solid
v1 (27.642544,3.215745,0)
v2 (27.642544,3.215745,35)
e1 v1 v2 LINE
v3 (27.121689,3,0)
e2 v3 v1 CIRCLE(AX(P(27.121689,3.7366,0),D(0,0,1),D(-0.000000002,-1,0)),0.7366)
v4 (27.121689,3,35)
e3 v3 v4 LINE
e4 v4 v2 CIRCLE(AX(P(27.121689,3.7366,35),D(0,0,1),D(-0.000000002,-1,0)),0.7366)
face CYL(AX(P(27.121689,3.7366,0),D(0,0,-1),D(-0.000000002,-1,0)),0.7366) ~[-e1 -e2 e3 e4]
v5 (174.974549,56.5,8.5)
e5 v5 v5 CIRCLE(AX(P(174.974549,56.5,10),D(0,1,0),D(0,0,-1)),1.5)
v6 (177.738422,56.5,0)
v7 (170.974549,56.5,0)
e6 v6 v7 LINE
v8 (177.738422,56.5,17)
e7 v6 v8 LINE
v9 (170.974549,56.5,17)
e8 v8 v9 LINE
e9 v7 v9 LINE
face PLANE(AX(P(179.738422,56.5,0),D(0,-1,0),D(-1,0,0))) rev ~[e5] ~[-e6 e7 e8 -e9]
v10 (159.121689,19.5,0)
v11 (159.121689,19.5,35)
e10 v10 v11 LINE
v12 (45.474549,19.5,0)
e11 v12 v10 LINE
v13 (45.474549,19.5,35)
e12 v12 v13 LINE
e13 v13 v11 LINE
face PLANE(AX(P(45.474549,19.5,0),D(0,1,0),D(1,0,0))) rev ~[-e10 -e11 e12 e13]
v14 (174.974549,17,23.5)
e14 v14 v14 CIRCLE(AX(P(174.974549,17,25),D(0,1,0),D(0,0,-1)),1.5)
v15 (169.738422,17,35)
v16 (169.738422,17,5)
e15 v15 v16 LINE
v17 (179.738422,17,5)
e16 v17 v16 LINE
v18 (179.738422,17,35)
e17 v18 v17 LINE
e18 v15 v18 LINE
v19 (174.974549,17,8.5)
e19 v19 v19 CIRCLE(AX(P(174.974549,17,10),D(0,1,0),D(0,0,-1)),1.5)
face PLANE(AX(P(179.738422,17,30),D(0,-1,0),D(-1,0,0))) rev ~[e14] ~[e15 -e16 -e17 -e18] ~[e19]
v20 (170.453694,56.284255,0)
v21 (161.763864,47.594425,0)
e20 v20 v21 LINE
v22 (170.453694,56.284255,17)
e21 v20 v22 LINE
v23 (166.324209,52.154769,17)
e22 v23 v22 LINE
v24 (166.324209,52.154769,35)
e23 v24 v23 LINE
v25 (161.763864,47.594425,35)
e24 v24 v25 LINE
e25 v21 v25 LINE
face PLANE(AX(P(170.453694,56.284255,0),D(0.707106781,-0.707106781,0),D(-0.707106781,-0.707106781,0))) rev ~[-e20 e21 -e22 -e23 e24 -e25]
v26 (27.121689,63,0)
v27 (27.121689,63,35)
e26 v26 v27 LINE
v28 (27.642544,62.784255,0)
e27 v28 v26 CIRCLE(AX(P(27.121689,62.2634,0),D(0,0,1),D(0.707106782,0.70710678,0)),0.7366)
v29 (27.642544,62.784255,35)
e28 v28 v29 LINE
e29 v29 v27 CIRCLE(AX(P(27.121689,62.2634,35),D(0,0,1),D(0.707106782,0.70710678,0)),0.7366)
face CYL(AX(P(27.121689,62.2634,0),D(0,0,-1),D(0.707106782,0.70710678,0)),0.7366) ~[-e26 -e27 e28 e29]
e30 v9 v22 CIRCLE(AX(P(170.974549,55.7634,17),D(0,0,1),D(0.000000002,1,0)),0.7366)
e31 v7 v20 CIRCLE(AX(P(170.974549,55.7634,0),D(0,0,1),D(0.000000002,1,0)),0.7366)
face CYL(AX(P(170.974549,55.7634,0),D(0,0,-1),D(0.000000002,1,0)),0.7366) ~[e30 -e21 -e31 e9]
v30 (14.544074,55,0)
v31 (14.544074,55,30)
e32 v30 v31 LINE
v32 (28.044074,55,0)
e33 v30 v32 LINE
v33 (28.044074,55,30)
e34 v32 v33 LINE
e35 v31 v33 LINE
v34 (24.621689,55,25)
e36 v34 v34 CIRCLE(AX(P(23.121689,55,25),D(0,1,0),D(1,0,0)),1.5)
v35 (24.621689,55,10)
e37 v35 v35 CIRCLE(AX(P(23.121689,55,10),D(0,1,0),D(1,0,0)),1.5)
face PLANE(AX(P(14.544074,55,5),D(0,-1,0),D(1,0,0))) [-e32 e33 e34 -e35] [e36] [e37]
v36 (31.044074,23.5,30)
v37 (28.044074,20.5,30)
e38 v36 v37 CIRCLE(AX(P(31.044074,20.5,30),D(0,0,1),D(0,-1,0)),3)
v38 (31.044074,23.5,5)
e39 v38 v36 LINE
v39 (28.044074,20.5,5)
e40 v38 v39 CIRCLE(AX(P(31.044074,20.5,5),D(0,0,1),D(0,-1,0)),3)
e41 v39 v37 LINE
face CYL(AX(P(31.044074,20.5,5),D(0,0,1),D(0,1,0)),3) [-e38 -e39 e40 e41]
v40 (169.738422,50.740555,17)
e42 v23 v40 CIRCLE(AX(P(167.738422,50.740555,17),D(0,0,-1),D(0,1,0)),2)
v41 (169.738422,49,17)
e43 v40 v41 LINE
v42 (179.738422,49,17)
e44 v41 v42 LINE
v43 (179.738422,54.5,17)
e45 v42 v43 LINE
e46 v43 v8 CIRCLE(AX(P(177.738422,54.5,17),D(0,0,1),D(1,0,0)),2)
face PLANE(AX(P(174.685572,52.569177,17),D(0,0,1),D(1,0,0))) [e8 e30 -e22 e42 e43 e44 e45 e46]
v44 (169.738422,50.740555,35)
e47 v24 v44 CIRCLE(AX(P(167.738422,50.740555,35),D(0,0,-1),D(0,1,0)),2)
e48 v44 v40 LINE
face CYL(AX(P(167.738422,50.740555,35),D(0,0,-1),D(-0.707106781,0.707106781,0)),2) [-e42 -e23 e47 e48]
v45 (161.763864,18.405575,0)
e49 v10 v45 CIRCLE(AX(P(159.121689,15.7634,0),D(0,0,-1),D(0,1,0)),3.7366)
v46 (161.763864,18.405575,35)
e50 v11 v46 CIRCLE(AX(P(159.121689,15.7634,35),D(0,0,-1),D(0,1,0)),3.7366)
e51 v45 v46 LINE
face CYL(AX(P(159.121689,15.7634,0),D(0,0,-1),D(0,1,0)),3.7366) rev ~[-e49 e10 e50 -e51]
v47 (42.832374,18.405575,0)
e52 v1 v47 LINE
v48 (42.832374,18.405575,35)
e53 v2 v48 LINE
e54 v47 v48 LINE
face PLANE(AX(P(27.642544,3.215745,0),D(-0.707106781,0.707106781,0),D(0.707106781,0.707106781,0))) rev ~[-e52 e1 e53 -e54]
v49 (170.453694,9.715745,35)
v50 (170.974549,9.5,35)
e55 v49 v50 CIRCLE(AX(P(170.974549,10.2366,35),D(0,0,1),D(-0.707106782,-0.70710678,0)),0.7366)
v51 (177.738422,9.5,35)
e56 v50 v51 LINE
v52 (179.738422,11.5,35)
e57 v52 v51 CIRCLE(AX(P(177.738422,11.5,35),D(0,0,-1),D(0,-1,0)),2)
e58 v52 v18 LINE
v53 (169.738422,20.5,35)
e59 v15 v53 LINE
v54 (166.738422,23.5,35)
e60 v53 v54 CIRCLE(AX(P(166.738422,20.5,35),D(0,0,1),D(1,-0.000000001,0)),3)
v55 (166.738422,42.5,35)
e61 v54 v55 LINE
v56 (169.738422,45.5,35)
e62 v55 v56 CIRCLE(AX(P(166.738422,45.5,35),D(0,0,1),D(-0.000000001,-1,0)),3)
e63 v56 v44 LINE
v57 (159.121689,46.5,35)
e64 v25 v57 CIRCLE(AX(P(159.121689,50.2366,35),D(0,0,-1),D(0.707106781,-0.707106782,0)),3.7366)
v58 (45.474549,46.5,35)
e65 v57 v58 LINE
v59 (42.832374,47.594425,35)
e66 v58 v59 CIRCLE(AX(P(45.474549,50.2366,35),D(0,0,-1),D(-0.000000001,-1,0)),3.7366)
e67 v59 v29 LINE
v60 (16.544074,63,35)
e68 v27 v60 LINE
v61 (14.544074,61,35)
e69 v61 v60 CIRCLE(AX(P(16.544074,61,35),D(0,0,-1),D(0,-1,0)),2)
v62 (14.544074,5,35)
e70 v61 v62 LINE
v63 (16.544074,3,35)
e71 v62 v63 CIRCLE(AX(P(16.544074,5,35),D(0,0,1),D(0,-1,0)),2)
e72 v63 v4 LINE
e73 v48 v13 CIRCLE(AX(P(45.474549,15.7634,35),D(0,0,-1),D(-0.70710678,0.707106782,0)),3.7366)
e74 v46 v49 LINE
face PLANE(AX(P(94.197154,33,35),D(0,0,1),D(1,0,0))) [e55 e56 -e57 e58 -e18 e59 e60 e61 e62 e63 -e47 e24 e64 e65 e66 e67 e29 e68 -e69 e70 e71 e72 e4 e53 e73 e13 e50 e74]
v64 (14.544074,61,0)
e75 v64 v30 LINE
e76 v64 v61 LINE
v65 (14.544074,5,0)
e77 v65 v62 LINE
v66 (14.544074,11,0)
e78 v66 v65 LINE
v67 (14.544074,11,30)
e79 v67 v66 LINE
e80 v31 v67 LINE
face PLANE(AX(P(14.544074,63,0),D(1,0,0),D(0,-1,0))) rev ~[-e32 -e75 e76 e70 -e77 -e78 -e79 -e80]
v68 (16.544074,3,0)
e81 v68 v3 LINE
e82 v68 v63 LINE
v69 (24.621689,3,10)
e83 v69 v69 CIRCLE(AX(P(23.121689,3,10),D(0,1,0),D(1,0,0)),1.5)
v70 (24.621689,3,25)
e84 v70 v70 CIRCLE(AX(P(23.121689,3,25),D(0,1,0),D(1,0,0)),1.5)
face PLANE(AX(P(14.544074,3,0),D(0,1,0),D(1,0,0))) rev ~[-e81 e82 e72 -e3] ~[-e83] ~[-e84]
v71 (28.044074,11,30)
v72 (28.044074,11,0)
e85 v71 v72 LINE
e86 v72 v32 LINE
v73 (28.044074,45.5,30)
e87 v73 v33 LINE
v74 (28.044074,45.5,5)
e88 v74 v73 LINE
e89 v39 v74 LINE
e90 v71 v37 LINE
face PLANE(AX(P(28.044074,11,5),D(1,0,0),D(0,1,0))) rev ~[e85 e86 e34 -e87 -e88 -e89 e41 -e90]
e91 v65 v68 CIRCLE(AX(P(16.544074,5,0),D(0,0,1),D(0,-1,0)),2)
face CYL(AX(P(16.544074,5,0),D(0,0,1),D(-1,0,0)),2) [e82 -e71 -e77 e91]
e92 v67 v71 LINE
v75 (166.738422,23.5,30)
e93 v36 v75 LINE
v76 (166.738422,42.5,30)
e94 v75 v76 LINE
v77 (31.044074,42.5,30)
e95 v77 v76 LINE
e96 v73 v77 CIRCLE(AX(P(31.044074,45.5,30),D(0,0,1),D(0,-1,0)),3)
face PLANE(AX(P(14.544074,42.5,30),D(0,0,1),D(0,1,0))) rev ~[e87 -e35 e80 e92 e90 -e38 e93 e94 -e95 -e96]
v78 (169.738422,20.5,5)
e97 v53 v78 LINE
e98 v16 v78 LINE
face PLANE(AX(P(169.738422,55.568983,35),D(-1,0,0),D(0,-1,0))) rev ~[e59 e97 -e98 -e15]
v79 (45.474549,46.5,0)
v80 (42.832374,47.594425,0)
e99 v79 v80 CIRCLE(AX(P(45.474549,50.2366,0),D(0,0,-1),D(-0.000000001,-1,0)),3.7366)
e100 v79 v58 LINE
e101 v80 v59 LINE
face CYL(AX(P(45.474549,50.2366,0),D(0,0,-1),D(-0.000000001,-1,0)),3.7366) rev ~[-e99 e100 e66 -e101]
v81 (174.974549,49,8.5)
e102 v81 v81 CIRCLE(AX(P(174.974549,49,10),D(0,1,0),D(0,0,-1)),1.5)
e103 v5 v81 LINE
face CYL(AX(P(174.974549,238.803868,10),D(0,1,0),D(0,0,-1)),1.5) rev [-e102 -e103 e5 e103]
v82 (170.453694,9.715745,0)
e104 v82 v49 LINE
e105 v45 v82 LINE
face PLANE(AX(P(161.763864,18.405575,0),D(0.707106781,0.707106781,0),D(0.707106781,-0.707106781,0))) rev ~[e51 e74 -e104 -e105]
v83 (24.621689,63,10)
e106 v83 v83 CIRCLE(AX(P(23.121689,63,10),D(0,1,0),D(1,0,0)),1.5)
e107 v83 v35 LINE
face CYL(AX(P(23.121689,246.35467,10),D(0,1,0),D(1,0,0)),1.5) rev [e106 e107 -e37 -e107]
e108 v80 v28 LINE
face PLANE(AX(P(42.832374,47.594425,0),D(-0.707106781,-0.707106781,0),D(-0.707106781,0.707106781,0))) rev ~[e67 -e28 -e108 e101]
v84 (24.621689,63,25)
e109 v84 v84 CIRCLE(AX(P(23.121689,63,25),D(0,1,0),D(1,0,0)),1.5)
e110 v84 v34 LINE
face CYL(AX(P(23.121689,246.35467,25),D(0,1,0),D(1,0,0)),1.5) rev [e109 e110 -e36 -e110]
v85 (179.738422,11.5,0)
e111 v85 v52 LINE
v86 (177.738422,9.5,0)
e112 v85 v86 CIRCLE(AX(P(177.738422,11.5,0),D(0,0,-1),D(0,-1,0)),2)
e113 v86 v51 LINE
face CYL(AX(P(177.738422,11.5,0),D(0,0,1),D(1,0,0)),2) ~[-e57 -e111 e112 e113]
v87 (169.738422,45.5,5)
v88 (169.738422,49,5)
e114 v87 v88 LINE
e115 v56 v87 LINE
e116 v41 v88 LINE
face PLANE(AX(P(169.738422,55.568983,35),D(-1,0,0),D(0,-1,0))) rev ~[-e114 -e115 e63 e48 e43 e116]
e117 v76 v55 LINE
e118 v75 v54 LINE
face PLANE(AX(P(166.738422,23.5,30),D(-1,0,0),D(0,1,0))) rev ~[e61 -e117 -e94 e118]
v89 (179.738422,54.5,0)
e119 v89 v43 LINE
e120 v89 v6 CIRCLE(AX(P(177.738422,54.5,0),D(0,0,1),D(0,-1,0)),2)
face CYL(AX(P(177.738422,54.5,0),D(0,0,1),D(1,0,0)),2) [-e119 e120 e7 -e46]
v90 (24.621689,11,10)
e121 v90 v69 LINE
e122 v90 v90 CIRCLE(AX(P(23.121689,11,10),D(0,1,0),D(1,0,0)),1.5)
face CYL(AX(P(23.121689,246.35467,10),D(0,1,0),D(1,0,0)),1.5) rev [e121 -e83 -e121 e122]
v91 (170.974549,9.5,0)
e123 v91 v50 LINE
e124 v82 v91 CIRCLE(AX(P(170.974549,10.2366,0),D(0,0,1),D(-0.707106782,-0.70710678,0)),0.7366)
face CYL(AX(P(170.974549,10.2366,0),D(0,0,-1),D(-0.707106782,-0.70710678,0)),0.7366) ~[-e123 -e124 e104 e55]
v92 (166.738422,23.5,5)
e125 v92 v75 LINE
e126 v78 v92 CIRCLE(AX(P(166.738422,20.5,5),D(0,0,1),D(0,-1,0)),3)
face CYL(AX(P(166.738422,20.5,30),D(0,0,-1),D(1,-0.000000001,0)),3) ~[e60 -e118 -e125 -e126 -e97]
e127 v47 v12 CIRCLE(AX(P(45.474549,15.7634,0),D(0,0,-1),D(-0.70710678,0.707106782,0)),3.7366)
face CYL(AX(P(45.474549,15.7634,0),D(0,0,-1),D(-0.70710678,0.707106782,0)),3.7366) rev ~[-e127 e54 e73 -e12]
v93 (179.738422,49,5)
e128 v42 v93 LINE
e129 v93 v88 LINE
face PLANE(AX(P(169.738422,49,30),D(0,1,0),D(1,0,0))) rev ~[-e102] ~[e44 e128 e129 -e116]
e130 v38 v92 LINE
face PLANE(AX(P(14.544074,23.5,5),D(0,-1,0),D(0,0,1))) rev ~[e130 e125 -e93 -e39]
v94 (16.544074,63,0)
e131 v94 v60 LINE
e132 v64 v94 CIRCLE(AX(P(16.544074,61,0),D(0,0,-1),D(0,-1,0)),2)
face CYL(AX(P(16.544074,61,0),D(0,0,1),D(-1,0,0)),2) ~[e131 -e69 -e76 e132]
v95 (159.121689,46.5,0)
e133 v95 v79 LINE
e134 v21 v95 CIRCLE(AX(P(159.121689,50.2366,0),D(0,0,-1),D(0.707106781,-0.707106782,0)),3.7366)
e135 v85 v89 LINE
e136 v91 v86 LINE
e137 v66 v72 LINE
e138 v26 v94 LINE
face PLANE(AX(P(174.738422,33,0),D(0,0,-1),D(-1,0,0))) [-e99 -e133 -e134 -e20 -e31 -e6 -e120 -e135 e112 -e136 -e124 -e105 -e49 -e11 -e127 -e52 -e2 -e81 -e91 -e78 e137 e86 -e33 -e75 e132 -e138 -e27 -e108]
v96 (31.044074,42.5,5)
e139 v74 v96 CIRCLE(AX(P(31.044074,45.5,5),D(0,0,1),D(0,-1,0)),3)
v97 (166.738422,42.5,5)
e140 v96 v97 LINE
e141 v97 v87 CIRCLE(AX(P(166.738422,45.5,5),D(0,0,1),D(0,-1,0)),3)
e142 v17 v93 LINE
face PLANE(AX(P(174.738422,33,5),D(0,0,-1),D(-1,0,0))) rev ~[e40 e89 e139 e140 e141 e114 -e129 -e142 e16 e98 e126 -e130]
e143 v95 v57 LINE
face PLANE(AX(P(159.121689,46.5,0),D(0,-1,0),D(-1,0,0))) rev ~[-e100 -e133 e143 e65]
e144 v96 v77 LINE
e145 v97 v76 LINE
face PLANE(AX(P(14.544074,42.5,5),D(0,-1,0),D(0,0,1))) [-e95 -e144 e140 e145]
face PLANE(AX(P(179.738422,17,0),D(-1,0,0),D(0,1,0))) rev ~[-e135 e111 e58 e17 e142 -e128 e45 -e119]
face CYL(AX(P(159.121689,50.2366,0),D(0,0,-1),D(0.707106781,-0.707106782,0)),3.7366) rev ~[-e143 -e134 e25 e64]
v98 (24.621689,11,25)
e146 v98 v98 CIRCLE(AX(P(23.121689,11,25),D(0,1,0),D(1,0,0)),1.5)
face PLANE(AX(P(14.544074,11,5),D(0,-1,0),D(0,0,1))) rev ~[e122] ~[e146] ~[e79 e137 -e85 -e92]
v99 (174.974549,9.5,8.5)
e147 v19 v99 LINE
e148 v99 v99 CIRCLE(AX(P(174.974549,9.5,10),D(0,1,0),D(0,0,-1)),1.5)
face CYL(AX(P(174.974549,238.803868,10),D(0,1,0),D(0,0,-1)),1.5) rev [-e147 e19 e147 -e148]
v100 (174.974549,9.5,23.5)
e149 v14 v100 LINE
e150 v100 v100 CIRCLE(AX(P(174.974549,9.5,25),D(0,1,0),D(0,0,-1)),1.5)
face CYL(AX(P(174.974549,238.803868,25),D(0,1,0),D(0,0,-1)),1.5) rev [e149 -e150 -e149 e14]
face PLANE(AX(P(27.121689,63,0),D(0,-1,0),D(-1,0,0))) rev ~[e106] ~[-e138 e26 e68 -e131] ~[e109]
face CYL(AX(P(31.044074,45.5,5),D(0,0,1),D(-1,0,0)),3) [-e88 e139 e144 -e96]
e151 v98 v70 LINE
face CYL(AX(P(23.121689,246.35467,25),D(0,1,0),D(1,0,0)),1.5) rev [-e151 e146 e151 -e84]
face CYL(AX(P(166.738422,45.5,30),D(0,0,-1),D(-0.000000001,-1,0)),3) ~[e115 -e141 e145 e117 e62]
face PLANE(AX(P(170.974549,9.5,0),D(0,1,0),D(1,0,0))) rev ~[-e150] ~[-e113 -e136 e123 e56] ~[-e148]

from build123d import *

# Parameters (mm, degrees)
EXTRUDE_1_DEPTH          = 35
SKETCH_3_W               = 25
SKETCH_3_H               = 19
CUT_EXTRUDE_1_DEPTH      = 181.230887126
SKETCH_4_W               = 25
SKETCH_4_H               = 12.5
CUT_EXTRUDE_2_DEPTH      = 13.5
SKETCH_5_W               = 25
SKETCH_5_H               = 32
CUT_EXTRUDE_3_DEPTH      = 10
FILLET_1_R               = 3
FILLET_2_R               = 2
CUT_EXTRUDE_4_DEPTH      = 191.354670013
CUT_EXTRUDE_4_DEPTH_BACK = 191.354670013
SKETCH_6_R               = 1.5
CUT_EXTRUDE_5_DEPTH      = 189.803867534
CUT_EXTRUDE_5_DEPTH_BACK = 189.803867534
SKETCH_7_R               = 1.5
SKETCH_8_W               = 13.5
SKETCH_8_H               = 44
SKETCH_8_W_2             = 10
SKETCH_8_H_2             = 32
CUT_EXTRUDE_6_DEPTH      = 193.807936548
CUT_EXTRUDE_7_DEPTH      = 10
CUT_EXTRUDE_8_DEPTH      = 18
FILLET_3_R               = 2
SKETCH_11_W              = 10
SKETCH_11_H              = 32
EXTRUDE_2_DEPTH          = 5
CUT_EXTRUDE_10_DEPTH     = 5


with BuildPart() as part:
    # 草图1 → 凸台-拉伸1 (new body)
    with BuildSketch(Plane.XY):
        with BuildLine():
            Line((42.832374142, 47.594424801), (27.642544089, 62.784254855))
            ThreePointArc((27.642544089, 62.784254855), (27.40357385, 62.943929664), (27.121689234, 63))
            Line((27.121689234, 63), (14.544073956, 63))
            Line((14.544073956, 63), (14.544073956, 3))
            Line((14.544073956, 3), (27.121689234, 3))
            ThreePointArc((27.121689234, 3), (27.40357385, 3.056070336), (27.642544089, 3.215745145))
            Line((27.642544089, 3.215745145), (42.832374142, 18.405575199))
            ThreePointArc((42.832374142, 18.405575199), (44.044614428, 19.215568261), (45.474549341, 19.5))
            Line((45.474549341, 19.5), (159.121689234, 19.5))
            ThreePointArc((159.121689234, 19.5), (160.551624147, 19.215568261), (161.763864432, 18.405575199))
            Line((161.763864432, 18.405575199), (170.453694486, 9.715745145))
            ThreePointArc((170.453694486, 9.715745145), (170.692664725, 9.556070336), (170.974549341, 9.5))
            Line((170.974549341, 9.5), (179.738422147, 9.5))
            Line((179.738422147, 9.5), (179.738422147, 56.5))
            Line((179.738422147, 56.5), (170.974549341, 56.5))
            ThreePointArc((170.974549341, 56.5), (170.692664725, 56.443929664), (170.453694486, 56.284254855))
            Line((170.453694486, 56.284254855), (161.763864432, 47.594424801))
            ThreePointArc((161.763864432, 47.594424801), (160.551624147, 46.784431739), (159.121689234, 46.5))
            Line((159.121689234, 46.5), (45.474549341, 46.5))
            ThreePointArc((45.474549341, 46.5), (44.044614428, 46.784431739), (42.832374142, 47.594424801))
        make_face()
    extrude(amount=EXTRUDE_1_DEPTH)

    # 草图3 → 切除-拉伸1 (cut, through all)
    with BuildSketch(Plane.ZY.offset(-14.544073956)):
        with Locations((17.5, 33)):
            Rectangle(SKETCH_3_W, SKETCH_3_H)
    extrude(amount=-CUT_EXTRUDE_1_DEPTH, mode=Mode.SUBTRACT)

    # 草图4 → 切除-拉伸2 (cut)
    with BuildSketch(Plane.ZY.offset(-14.544073956)):
        with Locations((17.5, 48.75)):
            Rectangle(SKETCH_4_W, SKETCH_4_H)
        with Locations((17.5, 17.25)):
            Rectangle(SKETCH_4_W, SKETCH_4_H)
    extrude(amount=-CUT_EXTRUDE_2_DEPTH, mode=Mode.SUBTRACT)

    # 草图5 → 切除-拉伸3 (cut)
    with BuildSketch(Plane(origin=(179.738422147, 0, 0), x_dir=(0, 0, -1), z_dir=(1, 0, 0))):
        with Locations((-17.5, 33)):
            Rectangle(SKETCH_5_W, SKETCH_5_H)
    extrude(amount=-CUT_EXTRUDE_3_DEPTH, mode=Mode.SUBTRACT)

    # 圆角1
    fillet_1_edges = [part.edges().sort_by_distance(p)[0] for p in [
        (169.738422147, 23.5, 17.5),
        (169.738422147, 42.5, 17.5),
        (28.044073956, 42.5, 17.5),
        (28.044073956, 23.5, 17.5),
    ]]
    fillet(fillet_1_edges, radius=FILLET_1_R)

    # 圆角2
    fillet_2_edges = [part.edges().sort_by_distance(p)[0] for p in [
        (179.738422147, 56.5, 17.5),
        (179.738422147, 9.5, 17.5),
        (14.544073956, 3, 17.5),
        (14.544073956, 63, 17.5),
    ]]
    fillet(fillet_2_edges, radius=FILLET_2_R)

    # 草图6 → 切除-拉伸4 (cut, two sides: drawn at the far end of the back side and taken through both)
    with BuildSketch(Plane.XZ.offset(-55).offset(-CUT_EXTRUDE_4_DEPTH_BACK)):
        with Locations((23.121689234, 25)):
            Circle(SKETCH_6_R)
        with Locations((23.121689234, 10)):
            Circle(SKETCH_6_R)
    extrude(amount=CUT_EXTRUDE_4_DEPTH + CUT_EXTRUDE_4_DEPTH_BACK, mode=Mode.SUBTRACT)

    # 草图7 → 切除-拉伸5 (cut, two sides: drawn at the far end of the back side and taken through both)
    with BuildSketch(Plane.XZ.offset(-49).offset(-CUT_EXTRUDE_5_DEPTH_BACK)):
        with Locations(Location((174.974549341, 25, 0), (0, 0, 270))):
            Circle(SKETCH_7_R)
        with Locations(Location((174.974549341, 10, 0), (0, 0, 270))):
            Circle(SKETCH_7_R)
    extrude(amount=CUT_EXTRUDE_5_DEPTH + CUT_EXTRUDE_5_DEPTH_BACK, mode=Mode.SUBTRACT)

    # 草图8 → 切除-拉伸6 (cut, through all)
    with BuildSketch(Plane.XY.offset(5)):
        with Locations((21.294073956, 33)):
            Rectangle(SKETCH_8_W, SKETCH_8_H)
        with Locations((174.738422147, 33)):
            Rectangle(SKETCH_8_W_2, SKETCH_8_H_2)
    extrude(amount=-CUT_EXTRUDE_6_DEPTH, mode=Mode.SUBTRACT)

    # 草图9 → 切除-拉伸7 (cut)
    with BuildSketch(Plane(origin=(0, 0, 30), x_dir=(-1, 0, 0), z_dir=(0, 0, -1))):
        Polygon((-169.738422147, 49), (-179.738422147, 49), (-179.738422147, 17), (-169.738422147, 17), (-169.738422147, 20.5), (-169.738422147, 45.5), align=None)
    extrude(amount=-CUT_EXTRUDE_7_DEPTH, mode=Mode.SUBTRACT)

    # 草图10 → 切除-拉伸8 (cut)
    with BuildSketch(Plane.XY.offset(35)):
        with BuildLine():
            Line((169.738422147, 55.568982516), (169.738422147, 49))
            Line((169.738422147, 49), (179.738422147, 49))
            Line((179.738422147, 49), (179.738422147, 54.5))
            ThreePointArc((179.738422147, 54.5), (179.15263571, 55.914213562), (177.738422147, 56.5))
            Line((177.738422147, 56.5), (170.974549341, 56.5))
            ThreePointArc((170.974549341, 56.5), (170.692664725, 56.443929664), (170.453694486, 56.284254855))
            Line((170.453694486, 56.284254855), (169.738422147, 55.568982516))
        make_face()
    extrude(amount=-CUT_EXTRUDE_8_DEPTH, mode=Mode.SUBTRACT)

    # 圆角3
    fillet_3_edges = [part.edges().sort_by_distance(p)[0] for p in [
        (169.738422147, 55.568982516, 26),
    ]]
    fillet(fillet_3_edges, radius=FILLET_3_R)

    # 草图11 → 凸台-拉伸2 (add)
    with BuildSketch(Plane(origin=(0, 0, 0), x_dir=(-1, 0, 0), z_dir=(0, 0, -1))):
        with Locations((-174.738422147, 33)):
            Rectangle(SKETCH_11_W, SKETCH_11_H)
    extrude(amount=-EXTRUDE_2_DEPTH)

    # 草图12 → 切除-拉伸10 (cut)
    with BuildSketch(Plane(origin=(0, 0, 30), x_dir=(-1, 0, 0), z_dir=(0, 0, -1))):
        with BuildLine():
            Line((-166.738422147, 23.5), (-166.738422147, 42.5))
            ThreePointArc((-166.738422147, 42.5), (-168.859742491, 43.378679656), (-169.738422147, 45.5))
            Line((-169.738422147, 45.5), (-169.738422147, 20.5))
            ThreePointArc((-169.738422147, 20.5), (-168.859742491, 22.621320344), (-166.738422147, 23.5))
        make_face()
    extrude(amount=-CUT_EXTRUDE_10_DEPTH, mode=Mode.SUBTRACT)


solid = part.part
